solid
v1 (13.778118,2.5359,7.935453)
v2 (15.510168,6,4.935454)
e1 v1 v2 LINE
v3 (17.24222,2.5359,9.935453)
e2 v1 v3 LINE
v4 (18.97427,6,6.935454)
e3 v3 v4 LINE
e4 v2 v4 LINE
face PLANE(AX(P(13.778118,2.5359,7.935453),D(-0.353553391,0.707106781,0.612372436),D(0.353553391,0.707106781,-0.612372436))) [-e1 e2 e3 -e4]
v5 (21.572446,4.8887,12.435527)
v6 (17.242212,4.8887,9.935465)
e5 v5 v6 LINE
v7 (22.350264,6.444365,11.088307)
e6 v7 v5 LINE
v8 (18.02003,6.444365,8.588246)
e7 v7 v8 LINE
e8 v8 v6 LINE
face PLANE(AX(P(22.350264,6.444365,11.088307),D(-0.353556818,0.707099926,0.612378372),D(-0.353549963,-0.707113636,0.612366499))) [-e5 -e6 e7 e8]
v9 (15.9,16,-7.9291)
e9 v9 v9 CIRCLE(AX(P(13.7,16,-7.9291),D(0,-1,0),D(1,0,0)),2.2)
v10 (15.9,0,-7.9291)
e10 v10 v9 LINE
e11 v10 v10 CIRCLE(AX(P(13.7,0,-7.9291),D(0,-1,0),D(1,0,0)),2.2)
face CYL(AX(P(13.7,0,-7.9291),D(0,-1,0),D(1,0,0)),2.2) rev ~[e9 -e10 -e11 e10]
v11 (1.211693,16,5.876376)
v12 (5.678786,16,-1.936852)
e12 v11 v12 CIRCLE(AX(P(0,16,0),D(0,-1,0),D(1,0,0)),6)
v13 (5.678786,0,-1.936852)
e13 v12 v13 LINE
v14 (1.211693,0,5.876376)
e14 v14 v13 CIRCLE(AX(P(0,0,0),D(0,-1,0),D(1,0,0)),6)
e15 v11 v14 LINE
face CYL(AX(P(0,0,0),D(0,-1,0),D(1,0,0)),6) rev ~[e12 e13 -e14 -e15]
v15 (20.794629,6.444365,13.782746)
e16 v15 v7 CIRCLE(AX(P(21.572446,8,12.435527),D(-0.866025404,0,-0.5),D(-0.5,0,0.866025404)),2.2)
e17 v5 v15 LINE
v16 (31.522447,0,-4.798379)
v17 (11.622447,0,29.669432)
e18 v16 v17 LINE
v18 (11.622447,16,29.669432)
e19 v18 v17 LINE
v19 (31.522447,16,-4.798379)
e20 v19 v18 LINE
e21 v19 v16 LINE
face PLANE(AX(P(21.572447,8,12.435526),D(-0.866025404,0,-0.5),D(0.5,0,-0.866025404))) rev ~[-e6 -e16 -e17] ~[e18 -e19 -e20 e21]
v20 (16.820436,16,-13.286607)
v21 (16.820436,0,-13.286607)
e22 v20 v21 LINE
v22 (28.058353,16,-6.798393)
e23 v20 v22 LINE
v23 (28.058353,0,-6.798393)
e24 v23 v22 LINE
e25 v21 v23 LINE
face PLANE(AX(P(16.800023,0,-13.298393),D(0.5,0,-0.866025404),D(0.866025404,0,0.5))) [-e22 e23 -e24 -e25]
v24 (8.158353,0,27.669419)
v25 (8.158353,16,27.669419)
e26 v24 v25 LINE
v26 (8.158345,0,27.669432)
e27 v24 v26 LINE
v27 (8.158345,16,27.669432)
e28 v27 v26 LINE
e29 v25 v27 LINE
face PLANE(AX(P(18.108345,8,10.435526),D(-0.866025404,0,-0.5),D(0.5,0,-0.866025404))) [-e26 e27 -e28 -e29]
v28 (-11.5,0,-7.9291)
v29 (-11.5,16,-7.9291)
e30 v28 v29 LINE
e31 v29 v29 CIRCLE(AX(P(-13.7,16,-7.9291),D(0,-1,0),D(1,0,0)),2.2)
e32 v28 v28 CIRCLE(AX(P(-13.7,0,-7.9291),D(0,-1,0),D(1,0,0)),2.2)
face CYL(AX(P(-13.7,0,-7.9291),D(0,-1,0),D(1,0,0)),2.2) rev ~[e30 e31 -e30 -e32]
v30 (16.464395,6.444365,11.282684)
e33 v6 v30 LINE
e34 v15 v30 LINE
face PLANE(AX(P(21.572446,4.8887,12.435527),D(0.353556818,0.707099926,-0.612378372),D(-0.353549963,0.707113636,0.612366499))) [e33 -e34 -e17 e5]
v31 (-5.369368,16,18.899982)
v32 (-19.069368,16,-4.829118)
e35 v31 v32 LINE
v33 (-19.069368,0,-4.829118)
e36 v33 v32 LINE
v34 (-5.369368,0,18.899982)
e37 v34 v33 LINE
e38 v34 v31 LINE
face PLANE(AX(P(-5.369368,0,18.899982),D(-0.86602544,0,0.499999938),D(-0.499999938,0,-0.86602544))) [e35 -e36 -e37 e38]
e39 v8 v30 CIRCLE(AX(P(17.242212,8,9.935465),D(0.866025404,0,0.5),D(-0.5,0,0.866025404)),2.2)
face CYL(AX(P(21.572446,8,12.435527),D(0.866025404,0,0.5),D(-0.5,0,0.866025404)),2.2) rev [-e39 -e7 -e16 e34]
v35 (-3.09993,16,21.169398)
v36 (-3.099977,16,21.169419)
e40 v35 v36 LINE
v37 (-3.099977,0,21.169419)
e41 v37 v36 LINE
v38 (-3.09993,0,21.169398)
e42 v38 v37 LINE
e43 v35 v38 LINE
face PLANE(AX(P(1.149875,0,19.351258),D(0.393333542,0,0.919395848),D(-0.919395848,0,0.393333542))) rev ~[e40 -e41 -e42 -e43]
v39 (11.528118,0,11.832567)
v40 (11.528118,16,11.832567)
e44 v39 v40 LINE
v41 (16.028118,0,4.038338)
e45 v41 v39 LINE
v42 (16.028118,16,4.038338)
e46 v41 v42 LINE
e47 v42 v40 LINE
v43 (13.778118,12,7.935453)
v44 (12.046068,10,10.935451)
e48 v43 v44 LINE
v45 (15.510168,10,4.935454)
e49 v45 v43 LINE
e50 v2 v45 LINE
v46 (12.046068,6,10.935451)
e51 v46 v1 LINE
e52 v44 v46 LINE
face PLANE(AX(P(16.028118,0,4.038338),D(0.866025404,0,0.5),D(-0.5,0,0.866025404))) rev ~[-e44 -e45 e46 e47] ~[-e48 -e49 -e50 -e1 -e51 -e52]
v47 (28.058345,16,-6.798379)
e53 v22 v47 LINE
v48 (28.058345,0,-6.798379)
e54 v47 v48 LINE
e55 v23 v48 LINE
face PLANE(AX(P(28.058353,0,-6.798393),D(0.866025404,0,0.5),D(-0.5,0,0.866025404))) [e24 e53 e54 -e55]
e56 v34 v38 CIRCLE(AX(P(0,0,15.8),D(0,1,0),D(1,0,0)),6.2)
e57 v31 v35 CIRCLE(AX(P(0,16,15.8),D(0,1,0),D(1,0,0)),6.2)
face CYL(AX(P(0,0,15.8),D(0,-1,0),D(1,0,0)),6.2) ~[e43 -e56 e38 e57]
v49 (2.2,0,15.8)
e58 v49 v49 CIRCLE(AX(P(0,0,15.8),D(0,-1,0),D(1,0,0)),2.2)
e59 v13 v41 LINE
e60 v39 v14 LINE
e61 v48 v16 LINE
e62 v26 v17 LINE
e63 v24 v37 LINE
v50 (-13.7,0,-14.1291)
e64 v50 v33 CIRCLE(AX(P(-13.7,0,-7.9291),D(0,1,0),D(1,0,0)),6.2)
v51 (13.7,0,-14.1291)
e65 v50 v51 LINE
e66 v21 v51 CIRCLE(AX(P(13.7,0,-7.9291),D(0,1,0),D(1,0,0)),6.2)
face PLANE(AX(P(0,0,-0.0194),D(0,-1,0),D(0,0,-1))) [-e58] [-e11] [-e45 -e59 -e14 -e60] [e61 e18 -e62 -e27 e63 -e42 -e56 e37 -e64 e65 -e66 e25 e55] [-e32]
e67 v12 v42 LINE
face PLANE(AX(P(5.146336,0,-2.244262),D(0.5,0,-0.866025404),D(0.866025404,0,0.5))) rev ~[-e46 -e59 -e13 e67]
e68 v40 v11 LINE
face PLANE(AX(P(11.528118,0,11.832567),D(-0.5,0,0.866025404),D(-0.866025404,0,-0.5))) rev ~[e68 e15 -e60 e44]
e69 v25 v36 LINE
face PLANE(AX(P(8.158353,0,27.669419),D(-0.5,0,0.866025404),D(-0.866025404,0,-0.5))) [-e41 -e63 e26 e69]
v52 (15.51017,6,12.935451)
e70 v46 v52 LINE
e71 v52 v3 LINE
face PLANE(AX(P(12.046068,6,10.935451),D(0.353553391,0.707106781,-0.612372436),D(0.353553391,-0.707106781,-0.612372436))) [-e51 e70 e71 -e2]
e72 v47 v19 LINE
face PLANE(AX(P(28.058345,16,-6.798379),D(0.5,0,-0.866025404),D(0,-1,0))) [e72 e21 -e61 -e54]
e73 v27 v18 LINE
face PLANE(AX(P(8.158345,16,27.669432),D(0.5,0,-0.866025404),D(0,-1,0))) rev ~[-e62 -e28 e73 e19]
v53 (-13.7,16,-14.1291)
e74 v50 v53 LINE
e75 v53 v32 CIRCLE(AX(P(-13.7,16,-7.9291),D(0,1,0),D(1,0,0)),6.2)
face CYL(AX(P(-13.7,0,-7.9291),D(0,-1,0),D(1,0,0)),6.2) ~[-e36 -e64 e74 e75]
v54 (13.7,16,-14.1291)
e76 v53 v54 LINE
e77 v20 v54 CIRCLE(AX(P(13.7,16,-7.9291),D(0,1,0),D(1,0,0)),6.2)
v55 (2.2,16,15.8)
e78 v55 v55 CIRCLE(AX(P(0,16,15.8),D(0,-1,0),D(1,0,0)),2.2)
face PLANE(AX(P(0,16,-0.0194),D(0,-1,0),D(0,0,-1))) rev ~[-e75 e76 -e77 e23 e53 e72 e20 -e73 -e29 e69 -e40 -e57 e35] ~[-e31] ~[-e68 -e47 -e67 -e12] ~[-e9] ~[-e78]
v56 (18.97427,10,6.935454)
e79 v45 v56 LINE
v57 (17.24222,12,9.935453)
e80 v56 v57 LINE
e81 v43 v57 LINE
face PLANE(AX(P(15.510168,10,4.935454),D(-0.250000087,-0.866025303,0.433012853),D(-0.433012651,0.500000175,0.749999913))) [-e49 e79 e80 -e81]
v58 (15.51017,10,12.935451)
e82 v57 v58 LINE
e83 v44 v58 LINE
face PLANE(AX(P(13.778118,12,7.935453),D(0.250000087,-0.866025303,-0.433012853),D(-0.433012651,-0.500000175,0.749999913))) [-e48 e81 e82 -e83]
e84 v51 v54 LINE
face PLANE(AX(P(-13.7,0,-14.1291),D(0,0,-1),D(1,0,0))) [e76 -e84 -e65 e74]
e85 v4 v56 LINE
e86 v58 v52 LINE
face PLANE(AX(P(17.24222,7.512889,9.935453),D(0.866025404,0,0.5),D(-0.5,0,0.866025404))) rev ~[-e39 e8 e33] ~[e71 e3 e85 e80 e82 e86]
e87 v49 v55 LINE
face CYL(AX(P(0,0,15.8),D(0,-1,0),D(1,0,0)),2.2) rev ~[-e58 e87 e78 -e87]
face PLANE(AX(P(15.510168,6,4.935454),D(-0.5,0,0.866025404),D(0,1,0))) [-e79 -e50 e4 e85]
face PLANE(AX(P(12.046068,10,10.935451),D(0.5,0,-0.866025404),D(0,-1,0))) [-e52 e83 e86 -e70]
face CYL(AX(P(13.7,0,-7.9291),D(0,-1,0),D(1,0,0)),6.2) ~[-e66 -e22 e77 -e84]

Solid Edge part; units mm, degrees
sketch "Sketch1" plane through (0, 0, 0) normal (0, -1, 0) x (1, 0, 0)
  line L0 (-5.3694, 18.9) -> (-19.0694, -4.8291)
  arc A0 (-13.7, -14.1291) -> (-19.0694, -4.8291) centre (-13.7, -7.9291) cw
  line L1 (-13.7, -14.1291) -> (13.7, -14.1291)
  arc A1 (19.0694, -4.8291) -> (13.7, -14.1291) centre (13.7, -7.9291) cw
  line L2 (5.3694, 18.9) -> (19.0694, -4.8291)
  arc A2 (-5.3694, 18.9) -> (5.3694, 18.9) centre (0, 15.8) cw
  dimension "D1" = 5.3694
extrude "Protrusion1" add sketch "Sketch1" against normal blind 16
sketch "Sketch2" plane through (0, 0, 0) normal (0, -1, 0) x (1, 0, 0)
  circle A0 centre (-13.7, -7.9291) radius 2.2
  circle A1 centre (13.7, -7.9291) radius 2.2
  circle A2 centre (0, 15.8) radius 2.2
  dimension "D1" = 24
  dimension "D2" = 4
  dimension "D3" = 4.4
  dimension "D4" = 6.2
  dimension "D5" = 6.2
  dimension "D6" = 4.4
  dimension "D7" = 6.2
  dimension "D8" = 27.4
  dimension "D9" = 27.4
  dimension "D10" = 27.4
extrude "Cutout1" cut sketch "Sketch2" against normal blind 457.8755
sketch "Sketch3" plane through (0, 0, 0) normal (0, -1, 0) x (1, 0, 0)
  circle A0 centre (0, 0) radius 6
extrude "Cutout2" cut sketch "Sketch3" against normal blind 434.4917
sketch "Sketch4" plane through (0, 0, 3.9355) normal (0, -1, 0) x (-0.5, 0, 0.866)
  line L0 (-23.325, -5.9323) -> (-23.325, -18.9323)
  line L1 (-23.325, -18.9323) -> (16.475, -18.9323)
  line L2 (16.475, -18.9323) -> (16.475, -5.9323)
  line L3 (12.7755, -8.7037) -> (16.475, -5.9323)
  line L4 (-20.9306, -8.7037) -> (12.7755, -8.7037)
  line L5 (-20.9306, -5.9323) -> (-20.9306, -8.7037)
  line L6 (-23.325, -5.9323) -> (-20.9306, -5.9323)
  dimension "D1" = 13
extrude "Protrusion2" add sketch "Sketch4" against normal up to vertex (16 mm away)
sketch "Sketch5" plane through (3.1086, 0, 6.2098) normal (0, -1, 0) x (-0.5, 0, 0.866)
  line L0 (-8.3403, 2.4623) -> (-8.3403, -10.1029)
  line L1 (-8.3403, -10.1029) -> (0.6597, -10.1029)
  line L2 (0.6597, -10.1029) -> (0.6597, 2.4623)
  line L3 (0.6597, 2.4623) -> (-8.3403, 2.4623)
  dimension "D1" = 7
  dimension "D2" = 7
  dimension "D3" = 5
extrude "ExtrudedCutout_18" cut sketch "Sketch5" against normal blind 196.9446
sketch "Sketch6" plane through (13.7782, 8, 7.9355) normal (-0.866, 0, -0.5) x (0, -1, 0)
  line L0 (-2, 3.4641) -> (2, 3.4641)
  line L1 (-4, 0) -> (-2, 3.4641)
  line L2 (-2, -3.4641) -> (-4, 0)
  line L3 (2, -3.4641) -> (-2, -3.4641)
  line L4 (5.4641, 0) -> (2, -3.4641)
  line L5 (2, 3.4641) -> (5.4641, 0)
extrude "ExtrudedCutout_19" cut sketch "Sketch6" against normal blind 4
sketch "Sketch7" plane through (18.1083, 8, 10.4355) normal (0.866, 0, 0.5) x (-0.5, 0, 0.866)
  line L0 (-19.9, 8) -> (19.9, 8)
  line L1 (19.9, -8) -> (19.9, 8)
  line L2 (-19.9, -8) -> (19.9, -8)
  line L3 (-19.9, -8) -> (-19.9, 8)
extrude "ExtrudedProtrusion_14" add sketch "Sketch7" along normal blind 4
sketch "Sketch8" plane through (21.5724, 8, 12.4355) normal (0.866, 0, 0.5) x (-0.5, 0, 0.866)
  line L0 (-1.5556, 1.5556) -> (0, 3.1113)
  line L1 (0, 3.1113) -> (1.5556, 1.5556)
  arc A0 (1.5556, 1.5556) -> (-1.5556, 1.5556) centre (0, 0) cw
extrude "ExtrudedCutout_20" cut sketch "Sketch8" against normal blind 25.1595
